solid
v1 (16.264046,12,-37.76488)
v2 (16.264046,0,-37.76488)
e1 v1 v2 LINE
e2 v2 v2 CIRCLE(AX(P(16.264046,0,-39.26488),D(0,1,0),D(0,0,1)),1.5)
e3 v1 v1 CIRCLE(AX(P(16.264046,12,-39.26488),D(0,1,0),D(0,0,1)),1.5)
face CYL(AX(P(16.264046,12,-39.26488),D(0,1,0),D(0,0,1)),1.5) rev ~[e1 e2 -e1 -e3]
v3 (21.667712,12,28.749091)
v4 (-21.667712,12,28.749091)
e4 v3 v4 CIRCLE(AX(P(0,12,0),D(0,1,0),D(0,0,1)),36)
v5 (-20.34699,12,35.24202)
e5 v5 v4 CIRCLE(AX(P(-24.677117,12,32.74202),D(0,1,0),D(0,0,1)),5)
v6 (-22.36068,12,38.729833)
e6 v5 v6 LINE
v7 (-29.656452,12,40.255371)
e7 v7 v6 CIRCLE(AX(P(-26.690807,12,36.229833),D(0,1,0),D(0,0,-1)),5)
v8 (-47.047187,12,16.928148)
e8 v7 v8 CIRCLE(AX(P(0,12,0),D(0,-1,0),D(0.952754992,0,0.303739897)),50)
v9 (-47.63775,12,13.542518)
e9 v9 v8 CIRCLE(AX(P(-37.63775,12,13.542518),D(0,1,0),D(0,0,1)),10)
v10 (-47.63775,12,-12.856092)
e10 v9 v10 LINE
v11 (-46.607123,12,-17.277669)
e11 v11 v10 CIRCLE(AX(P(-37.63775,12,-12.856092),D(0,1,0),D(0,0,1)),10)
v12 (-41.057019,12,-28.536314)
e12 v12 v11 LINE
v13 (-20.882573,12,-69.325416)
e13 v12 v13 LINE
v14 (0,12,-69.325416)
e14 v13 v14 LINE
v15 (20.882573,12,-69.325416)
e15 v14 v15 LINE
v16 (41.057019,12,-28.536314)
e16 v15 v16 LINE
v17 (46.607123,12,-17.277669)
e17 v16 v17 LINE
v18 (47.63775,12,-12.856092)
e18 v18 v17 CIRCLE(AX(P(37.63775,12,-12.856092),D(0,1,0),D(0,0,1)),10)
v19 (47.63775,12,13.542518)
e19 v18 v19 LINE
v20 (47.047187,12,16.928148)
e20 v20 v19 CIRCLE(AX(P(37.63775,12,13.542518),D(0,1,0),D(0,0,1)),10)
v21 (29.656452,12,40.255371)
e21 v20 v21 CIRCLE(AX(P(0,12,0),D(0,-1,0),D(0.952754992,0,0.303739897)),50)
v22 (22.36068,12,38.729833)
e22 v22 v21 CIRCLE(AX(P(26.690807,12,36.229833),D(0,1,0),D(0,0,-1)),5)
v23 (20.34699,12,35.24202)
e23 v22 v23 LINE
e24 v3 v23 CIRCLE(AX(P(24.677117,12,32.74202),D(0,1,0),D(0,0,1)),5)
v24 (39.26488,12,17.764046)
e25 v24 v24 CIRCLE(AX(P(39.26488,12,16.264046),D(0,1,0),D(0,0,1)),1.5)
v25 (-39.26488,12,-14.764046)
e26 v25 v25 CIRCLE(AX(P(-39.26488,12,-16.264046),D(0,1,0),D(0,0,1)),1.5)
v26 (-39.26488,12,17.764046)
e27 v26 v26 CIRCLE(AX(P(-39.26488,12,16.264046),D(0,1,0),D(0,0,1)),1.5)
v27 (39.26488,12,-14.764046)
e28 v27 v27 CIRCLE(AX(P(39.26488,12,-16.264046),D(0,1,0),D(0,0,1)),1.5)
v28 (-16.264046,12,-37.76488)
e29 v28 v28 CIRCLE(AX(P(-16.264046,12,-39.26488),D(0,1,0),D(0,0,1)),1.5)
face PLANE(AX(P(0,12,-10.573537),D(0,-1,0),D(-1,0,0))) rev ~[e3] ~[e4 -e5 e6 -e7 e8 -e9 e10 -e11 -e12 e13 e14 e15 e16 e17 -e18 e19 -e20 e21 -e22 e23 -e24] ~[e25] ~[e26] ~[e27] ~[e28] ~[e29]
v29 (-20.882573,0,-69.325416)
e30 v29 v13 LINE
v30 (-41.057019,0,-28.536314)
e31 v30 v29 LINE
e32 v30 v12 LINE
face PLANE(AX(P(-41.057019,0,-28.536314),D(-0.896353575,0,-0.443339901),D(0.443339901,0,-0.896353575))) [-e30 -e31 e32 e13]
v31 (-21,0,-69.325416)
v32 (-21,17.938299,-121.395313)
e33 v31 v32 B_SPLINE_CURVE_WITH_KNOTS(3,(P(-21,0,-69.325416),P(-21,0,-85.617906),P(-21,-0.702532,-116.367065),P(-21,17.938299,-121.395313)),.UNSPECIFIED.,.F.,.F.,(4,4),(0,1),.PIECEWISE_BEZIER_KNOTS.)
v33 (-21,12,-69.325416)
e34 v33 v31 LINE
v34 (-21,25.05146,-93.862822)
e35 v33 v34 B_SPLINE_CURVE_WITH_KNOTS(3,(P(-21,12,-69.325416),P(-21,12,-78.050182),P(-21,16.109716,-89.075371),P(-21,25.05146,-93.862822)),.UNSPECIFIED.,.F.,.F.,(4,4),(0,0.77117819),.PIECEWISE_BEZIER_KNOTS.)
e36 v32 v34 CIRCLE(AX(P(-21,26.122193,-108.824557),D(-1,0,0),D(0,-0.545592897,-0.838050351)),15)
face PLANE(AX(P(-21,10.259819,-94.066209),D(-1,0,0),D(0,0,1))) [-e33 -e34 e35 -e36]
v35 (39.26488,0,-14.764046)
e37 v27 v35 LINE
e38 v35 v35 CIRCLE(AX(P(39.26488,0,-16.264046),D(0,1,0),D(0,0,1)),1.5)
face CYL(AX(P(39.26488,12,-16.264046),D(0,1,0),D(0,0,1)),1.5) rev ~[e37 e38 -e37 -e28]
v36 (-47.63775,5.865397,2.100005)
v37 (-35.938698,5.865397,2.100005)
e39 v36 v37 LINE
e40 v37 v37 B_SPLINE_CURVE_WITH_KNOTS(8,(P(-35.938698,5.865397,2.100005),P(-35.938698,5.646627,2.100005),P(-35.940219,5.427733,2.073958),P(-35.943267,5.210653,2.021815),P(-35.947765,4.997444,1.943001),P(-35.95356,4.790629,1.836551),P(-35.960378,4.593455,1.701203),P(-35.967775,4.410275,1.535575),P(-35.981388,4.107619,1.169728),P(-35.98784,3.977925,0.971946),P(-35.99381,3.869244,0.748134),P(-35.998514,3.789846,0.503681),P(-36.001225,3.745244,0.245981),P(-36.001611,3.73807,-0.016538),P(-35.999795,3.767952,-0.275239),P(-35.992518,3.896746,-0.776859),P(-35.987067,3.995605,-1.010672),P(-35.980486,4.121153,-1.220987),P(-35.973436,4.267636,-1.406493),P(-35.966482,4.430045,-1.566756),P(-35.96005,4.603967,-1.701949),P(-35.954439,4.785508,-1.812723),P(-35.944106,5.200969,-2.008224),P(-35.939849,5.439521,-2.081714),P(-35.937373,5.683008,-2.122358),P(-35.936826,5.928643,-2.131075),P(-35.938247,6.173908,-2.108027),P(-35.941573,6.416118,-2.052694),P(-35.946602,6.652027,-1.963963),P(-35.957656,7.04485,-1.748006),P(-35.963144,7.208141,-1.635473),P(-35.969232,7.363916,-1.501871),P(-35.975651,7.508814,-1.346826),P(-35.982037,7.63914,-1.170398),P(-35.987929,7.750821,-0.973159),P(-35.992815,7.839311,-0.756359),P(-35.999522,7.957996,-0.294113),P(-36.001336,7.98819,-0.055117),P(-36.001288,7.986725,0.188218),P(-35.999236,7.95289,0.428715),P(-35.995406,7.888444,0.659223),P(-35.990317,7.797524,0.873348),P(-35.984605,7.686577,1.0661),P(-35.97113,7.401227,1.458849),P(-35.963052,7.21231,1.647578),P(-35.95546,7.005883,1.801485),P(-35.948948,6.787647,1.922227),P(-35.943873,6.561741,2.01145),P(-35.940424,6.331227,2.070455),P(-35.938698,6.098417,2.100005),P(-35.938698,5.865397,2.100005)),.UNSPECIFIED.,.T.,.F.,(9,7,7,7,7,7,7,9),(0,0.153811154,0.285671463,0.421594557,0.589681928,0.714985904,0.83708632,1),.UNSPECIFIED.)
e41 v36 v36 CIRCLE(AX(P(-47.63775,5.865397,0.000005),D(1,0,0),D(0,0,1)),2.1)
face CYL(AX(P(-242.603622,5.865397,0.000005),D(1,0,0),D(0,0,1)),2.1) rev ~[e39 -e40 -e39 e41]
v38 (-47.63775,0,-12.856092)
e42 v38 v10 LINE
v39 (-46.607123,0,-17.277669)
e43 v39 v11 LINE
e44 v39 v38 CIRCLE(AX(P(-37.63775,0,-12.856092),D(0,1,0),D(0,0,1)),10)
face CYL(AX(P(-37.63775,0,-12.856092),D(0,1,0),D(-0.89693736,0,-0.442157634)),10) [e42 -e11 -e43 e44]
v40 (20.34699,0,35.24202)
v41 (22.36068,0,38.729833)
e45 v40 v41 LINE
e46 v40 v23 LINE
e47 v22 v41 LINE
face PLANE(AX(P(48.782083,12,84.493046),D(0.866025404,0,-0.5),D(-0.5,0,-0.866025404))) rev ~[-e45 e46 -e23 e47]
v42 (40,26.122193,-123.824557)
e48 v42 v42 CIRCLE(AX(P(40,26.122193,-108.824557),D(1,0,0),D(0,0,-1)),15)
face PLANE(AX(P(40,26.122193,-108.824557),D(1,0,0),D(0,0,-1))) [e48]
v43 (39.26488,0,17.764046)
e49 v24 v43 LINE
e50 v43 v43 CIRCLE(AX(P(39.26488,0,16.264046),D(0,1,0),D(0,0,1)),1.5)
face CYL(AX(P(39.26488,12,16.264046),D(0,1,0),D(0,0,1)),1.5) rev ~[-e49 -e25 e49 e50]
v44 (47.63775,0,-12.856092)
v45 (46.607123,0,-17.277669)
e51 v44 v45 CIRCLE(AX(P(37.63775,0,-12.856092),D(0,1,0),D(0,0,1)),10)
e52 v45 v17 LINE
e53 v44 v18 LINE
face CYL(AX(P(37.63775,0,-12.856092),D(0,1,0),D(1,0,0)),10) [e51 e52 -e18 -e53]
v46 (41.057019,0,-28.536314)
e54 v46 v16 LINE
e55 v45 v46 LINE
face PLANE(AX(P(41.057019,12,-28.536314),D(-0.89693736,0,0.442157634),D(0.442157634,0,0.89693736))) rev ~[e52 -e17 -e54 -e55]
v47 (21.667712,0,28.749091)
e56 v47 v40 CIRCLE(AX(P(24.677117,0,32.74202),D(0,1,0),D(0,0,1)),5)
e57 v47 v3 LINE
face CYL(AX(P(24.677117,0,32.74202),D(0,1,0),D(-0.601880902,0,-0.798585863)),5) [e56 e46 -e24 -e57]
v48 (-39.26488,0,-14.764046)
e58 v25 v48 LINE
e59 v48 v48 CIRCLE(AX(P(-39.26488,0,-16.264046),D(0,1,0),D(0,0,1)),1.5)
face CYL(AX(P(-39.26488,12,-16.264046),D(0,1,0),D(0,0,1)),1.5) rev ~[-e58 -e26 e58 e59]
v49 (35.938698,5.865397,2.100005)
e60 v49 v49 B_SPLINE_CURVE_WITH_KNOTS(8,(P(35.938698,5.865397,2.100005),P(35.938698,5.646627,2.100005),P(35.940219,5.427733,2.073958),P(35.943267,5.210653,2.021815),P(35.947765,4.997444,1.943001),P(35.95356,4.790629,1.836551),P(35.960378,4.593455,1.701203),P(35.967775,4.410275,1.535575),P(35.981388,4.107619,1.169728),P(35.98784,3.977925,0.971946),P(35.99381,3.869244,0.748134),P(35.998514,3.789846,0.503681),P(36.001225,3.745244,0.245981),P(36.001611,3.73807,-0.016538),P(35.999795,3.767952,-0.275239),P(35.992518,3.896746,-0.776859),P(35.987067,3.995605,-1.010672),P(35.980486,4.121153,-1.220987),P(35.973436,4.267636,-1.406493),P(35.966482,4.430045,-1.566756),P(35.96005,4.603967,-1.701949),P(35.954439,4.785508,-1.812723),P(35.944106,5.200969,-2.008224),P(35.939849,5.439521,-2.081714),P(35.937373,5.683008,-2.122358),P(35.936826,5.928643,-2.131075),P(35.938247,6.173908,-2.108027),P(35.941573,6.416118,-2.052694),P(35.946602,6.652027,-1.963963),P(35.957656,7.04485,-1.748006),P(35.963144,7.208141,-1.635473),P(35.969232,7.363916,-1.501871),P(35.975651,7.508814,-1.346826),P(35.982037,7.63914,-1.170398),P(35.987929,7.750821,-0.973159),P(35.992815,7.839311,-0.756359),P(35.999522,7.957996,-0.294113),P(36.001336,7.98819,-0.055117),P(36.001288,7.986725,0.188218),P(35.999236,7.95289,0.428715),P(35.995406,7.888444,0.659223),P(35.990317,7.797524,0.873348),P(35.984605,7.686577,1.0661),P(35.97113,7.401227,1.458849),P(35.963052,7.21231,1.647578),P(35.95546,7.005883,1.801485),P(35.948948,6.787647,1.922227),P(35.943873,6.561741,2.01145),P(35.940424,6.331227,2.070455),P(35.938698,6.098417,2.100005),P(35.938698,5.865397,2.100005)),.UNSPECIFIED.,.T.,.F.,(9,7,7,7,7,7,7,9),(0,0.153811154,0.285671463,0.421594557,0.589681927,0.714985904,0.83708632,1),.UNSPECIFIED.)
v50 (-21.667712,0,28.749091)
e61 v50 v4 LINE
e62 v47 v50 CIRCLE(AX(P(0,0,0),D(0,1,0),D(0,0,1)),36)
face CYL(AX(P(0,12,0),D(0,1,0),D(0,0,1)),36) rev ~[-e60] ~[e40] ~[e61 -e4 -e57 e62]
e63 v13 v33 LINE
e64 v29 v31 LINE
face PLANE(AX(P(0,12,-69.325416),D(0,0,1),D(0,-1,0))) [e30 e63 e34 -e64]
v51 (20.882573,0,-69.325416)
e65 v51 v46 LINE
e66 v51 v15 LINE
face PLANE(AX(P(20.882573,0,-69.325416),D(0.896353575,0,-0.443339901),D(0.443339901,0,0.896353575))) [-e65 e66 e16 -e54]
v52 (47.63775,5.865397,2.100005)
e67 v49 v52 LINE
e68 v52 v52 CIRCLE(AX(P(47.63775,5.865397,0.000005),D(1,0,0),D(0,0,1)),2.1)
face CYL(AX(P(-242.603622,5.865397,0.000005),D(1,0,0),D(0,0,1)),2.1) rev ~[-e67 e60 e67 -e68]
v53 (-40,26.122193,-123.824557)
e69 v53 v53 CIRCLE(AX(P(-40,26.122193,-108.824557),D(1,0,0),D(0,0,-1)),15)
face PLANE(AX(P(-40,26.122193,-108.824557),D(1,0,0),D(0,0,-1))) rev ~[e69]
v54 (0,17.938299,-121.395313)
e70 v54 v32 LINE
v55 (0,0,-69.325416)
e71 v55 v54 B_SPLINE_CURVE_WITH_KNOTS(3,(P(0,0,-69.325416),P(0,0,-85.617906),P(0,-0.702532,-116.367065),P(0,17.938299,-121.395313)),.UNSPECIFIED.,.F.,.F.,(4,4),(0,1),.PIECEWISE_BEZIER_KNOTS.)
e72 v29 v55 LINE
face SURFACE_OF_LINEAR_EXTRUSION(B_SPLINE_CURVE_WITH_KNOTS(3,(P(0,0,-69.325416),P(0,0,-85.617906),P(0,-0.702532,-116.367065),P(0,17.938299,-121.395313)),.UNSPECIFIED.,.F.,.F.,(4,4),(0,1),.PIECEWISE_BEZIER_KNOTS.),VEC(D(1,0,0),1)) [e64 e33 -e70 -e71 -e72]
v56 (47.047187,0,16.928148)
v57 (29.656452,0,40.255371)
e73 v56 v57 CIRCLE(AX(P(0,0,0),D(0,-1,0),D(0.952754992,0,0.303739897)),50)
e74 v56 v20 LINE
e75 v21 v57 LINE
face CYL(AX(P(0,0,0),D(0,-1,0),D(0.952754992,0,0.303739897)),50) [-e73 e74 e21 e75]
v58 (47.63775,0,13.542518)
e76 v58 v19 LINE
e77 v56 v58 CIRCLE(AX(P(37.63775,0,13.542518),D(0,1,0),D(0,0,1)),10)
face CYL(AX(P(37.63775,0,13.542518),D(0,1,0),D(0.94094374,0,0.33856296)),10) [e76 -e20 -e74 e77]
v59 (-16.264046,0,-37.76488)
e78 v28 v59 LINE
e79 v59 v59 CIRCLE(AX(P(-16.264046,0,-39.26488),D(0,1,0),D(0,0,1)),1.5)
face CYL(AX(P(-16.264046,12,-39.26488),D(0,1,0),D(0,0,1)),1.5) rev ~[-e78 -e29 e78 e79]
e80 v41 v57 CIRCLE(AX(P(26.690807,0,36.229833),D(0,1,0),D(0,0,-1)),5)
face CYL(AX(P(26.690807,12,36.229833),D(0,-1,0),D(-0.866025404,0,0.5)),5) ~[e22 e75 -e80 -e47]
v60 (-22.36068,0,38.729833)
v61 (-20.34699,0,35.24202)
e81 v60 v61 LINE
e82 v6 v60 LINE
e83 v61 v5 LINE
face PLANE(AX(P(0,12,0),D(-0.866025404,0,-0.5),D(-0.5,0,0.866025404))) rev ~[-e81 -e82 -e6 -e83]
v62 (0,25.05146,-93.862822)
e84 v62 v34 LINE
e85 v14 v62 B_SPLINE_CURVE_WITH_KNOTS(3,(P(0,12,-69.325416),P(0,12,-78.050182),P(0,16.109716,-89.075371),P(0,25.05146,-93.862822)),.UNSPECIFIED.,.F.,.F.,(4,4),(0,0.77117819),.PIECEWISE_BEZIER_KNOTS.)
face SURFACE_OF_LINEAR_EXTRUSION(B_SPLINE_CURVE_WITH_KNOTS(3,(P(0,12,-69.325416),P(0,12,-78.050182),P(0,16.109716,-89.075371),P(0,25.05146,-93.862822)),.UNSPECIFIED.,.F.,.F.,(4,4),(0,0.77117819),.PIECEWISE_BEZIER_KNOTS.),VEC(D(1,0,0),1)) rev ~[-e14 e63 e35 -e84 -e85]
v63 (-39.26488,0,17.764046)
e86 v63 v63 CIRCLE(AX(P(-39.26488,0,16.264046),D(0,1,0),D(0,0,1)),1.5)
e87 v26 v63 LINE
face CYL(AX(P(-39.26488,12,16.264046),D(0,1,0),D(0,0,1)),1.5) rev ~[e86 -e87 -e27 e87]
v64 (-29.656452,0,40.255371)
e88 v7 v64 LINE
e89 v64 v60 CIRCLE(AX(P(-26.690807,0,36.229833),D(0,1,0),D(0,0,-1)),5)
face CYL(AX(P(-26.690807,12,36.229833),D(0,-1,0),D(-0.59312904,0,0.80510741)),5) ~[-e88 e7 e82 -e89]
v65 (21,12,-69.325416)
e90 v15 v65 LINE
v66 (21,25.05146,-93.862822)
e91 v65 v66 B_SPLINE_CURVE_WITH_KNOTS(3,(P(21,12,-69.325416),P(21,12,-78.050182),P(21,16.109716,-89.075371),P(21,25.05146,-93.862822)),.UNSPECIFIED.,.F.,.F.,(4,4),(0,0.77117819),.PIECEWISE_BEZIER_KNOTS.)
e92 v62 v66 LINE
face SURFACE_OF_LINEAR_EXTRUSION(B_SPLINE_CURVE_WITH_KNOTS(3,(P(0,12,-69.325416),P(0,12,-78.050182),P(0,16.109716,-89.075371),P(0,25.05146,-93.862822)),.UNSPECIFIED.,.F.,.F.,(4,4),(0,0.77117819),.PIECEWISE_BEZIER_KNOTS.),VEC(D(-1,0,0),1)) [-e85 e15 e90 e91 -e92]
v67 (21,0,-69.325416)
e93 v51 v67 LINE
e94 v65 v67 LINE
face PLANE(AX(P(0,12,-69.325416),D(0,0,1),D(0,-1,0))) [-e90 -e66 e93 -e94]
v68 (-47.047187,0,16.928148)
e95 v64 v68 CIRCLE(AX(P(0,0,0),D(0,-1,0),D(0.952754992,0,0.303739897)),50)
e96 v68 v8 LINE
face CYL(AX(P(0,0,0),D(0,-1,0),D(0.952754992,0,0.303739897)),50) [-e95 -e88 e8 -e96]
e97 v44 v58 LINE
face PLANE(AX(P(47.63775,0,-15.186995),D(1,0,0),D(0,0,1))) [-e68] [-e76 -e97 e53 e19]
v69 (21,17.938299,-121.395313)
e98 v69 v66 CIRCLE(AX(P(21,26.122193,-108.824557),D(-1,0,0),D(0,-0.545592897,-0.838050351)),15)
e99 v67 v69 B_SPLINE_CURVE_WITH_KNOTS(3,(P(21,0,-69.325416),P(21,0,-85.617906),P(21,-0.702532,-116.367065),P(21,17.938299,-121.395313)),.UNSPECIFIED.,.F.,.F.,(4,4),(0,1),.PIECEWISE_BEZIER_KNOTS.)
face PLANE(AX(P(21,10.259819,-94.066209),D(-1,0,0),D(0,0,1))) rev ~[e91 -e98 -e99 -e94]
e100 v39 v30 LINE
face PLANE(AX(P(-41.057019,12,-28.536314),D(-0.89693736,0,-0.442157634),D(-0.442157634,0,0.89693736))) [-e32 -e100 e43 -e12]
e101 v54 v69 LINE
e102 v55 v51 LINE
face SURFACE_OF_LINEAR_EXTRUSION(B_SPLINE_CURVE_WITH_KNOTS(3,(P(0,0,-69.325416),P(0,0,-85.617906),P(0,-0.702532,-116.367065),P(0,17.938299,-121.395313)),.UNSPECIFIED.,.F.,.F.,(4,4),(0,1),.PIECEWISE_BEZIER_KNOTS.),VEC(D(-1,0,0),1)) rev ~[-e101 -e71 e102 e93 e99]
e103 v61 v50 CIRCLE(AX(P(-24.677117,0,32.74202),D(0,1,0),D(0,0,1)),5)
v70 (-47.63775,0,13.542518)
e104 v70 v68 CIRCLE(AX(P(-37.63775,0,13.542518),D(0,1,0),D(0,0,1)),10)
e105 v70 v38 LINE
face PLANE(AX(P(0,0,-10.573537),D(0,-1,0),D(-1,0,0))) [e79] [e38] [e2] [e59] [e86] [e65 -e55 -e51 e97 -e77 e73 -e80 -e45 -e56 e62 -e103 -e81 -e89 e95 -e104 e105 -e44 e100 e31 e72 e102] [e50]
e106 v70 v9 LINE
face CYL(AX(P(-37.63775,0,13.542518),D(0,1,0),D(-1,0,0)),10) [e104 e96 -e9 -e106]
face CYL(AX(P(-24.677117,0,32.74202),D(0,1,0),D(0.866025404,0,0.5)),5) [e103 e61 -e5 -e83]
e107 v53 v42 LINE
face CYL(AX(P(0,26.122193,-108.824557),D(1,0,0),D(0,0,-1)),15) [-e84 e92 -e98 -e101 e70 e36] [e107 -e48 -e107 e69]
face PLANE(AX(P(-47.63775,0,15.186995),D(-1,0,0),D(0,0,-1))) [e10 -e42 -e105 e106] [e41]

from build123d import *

# Parameters (mm, degrees)
BOSS_EXTRUDE1_DEPTH = 12
SKETCH2_R           = 18
CUT_EXTRUDE1_DEPTH  = 12
BOSS_EXTRUDE2_DEPTH = 21
SKETCH8_R           = 15
BOSS_EXTRUDE4_DEPTH = 40
SKETCH12_R          = 1.5
CUT_EXTRUDE3_DEPTH  = 136.830697271
SKETCH13_R          = 36
CUT_EXTRUDE4_DEPTH  = 136.830697271
CUT_EXTRUDE5_DEPTH  = 136.830697271
FILLET1_R           = 5
M5_TAPPED_HOLE1_D   = 4.2
CUT_EXTRUDE6_DEPTH  = 136.830697306
FILLET2_R           = 10


with BuildPart() as part:
    # Sketch1 → Boss-Extrude1 (new body)
    with BuildSketch(Plane(origin=(0, 0, 0), x_dir=(1, 0, 0), z_dir=(0, 1, 0))):
        with BuildLine():
            Line((-20.882573235, 69.325415808), (20.882573235, 69.325415808))
            Line((20.882573235, 69.325415808), (41.057018878, 28.536313722))
            ThreePointArc((41.057018878, 28.536313722), (44.846867978, 22.107881683), (47.637749602, 15.186994859))
            Line((47.637749602, 15.186994859), (47.637749602, -15.186994859))
            ThreePointArc((47.637749602, -15.186994859), (0, -50), (-47.637749602, -15.186994859))
            Line((-47.637749602, -15.186994859), (-47.637749602, 15.186994859))
            ThreePointArc((-47.637749602, 15.186994859), (-44.846867978, 22.107881683), (-41.057018878, 28.536313722))
            Line((-41.057018878, 28.536313722), (-20.882573235, 69.325415808))
        make_face()
    extrude(amount=BOSS_EXTRUDE1_DEPTH)

    # Sketch2 → Cut-Extrude1 (cut)
    with BuildSketch(Plane.XZ):
        with Locations(Location((0, 0, 0), (0, 0, 270))):
            Circle(SKETCH2_R)
    extrude(amount=-CUT_EXTRUDE1_DEPTH, mode=Mode.SUBTRACT)

    # Sketch4 → Boss-Extrude2 (add, symmetric)
    with BuildSketch(Plane(origin=(0, 0, 0), x_dir=(0, 0, -1), z_dir=(1, 0, 0))):
        with BuildLine():
            add(Edge.make_bspline(
                [(69.325415808, 12), (78.050182199, 12), (89.075370915, 16.109716253), (93.862821874, 25.051459816)],
                knots=[0, 0, 0, 0, 0.77117819, 0.77117819, 0.77117819, 0.77117819], degree=3))
            Line((69.325415808, 12), (69.325415808, 0))
            add(Edge.make_bspline(
                [(69.325415808, 0), (85.617905629, 0), (116.367065239, -0.702532384), (121.3953127, 17.938299278)],
                knots=[0, 0, 0, 0, 1, 1, 1, 1], degree=3))
            ThreePointArc((121.3953127, 17.938299278), (105.072430052, 11.59905464), (93.862821874, 25.051459816))
        make_face()
    extrude(amount=BOSS_EXTRUDE2_DEPTH, both=True)

    # Sketch8 → Boss-Extrude4 (add, symmetric)
    with BuildSketch(Plane(origin=(0, 0, 0), x_dir=(0, 0, -1), z_dir=(1, 0, 0))):
        with Locations((108.824557436, 26.122192734)):
            Circle(SKETCH8_R)
    extrude(amount=BOSS_EXTRUDE4_DEPTH, both=True)

    # Sketch12 → Cut-Extrude3 (cut, through all)
    with BuildSketch(Plane(origin=(0, 12, 0), x_dir=(1, 0, 0), z_dir=(0, 1, 0))):
        with Locations(Location((-16.264045876, 39.264880132, 0), (0, 0, 270))):
            Circle(SKETCH12_R)
        with Locations(Location((16.264045876, 39.264880132, 0), (0, 0, 270))):
            Circle(SKETCH12_R)
        with Locations(Location((39.264880132, 16.264045876, 0), (0, 0, 270))):
            Circle(SKETCH12_R)
        with Locations(Location((39.264880132, -16.264045876, 0), (0, 0, 270))):
            Circle(SKETCH12_R)
        with Locations(Location((-39.264880132, -16.264045876, 0), (0, 0, 270))):
            Circle(SKETCH12_R)
        with Locations(Location((-39.264880132, 16.264045876, 0), (0, 0, 270))):
            Circle(SKETCH12_R)
    extrude(amount=-CUT_EXTRUDE3_DEPTH, mode=Mode.SUBTRACT)

    # Sketch13 → Cut-Extrude4 (cut, through all)
    with BuildSketch(Plane(origin=(0, 12, 0), x_dir=(1, 0, 0), z_dir=(0, 1, 0))):
        with Locations(Location((0, 0, 0), (0, 0, 270))):
            Circle(SKETCH13_R)
    extrude(amount=-CUT_EXTRUDE4_DEPTH, mode=Mode.SUBTRACT)

    # Sketch14 → Cut-Extrude5 (cut, through all)
    with BuildSketch(Plane(origin=(0, 12, 0), x_dir=(1, 0, 0), z_dir=(0, 1, 0))):
        with BuildLine():
            Line((0, 0), (-48.782083041, -84.493046326))
            ThreePointArc((-48.782083041, -84.493046326), (0, -97.564166081), (48.782083041, -84.493046326))
            Line((48.782083041, -84.493046326), (0, 0))
        make_face()
    extrude(amount=-CUT_EXTRUDE5_DEPTH, mode=Mode.SUBTRACT)

    # Fillet1
    fillet1_edges = [part.edges().sort_by_distance(p)[0] for p in [
        (-18, 6, 31.176914536),
        (18, 6, 31.176914536),
        (25, 6, 43.301270189),
        (-25, 6, 43.301270189),
    ]]
    fillet(fillet1_edges, radius=FILLET1_R)

    # M5 Tapped Hole1 (through all)
    with Locations(Plane(origin=(-47.637749602, 5.86539704, 5.141e-06), x_dir=(0, 0, -1), z_dir=(-1, 0, 0))):
        with Locations((0, 0)):
            Hole(M5_TAPPED_HOLE1_D / 2)

    # Sketch30 → Cut-Extrude6 (cut, through all)
    with BuildSketch(Plane(origin=(0, 12, 0), x_dir=(1, 0, 0), z_dir=(0, 1, 0))):
        Polygon((-41.057018878, 28.536313722), (-47.637749602, 15.186994859), (-55.094112821, 25.321901869), align=None)
        Polygon((41.057018878, 28.536313722), (47.637749602, 15.186994859), (61.944517535, 29.154568453), align=None)
    extrude(amount=-CUT_EXTRUDE6_DEPTH, mode=Mode.SUBTRACT)

    # Fillet2
    fillet2_edges = [part.edges().sort_by_distance(p)[0] for p in [
        (-41.057018878, 6, -28.536313722),
        (41.057018878, 6, -28.536313722),
        (47.637749602, 6, -15.186994859),
        (47.637749602, 6, 15.186994859),
        (-47.637749602, 6, 15.186994859),
        (-47.637749602, 6, -15.186994859),
    ]]
    fillet(fillet2_edges, radius=FILLET2_R)


solid = part.part
